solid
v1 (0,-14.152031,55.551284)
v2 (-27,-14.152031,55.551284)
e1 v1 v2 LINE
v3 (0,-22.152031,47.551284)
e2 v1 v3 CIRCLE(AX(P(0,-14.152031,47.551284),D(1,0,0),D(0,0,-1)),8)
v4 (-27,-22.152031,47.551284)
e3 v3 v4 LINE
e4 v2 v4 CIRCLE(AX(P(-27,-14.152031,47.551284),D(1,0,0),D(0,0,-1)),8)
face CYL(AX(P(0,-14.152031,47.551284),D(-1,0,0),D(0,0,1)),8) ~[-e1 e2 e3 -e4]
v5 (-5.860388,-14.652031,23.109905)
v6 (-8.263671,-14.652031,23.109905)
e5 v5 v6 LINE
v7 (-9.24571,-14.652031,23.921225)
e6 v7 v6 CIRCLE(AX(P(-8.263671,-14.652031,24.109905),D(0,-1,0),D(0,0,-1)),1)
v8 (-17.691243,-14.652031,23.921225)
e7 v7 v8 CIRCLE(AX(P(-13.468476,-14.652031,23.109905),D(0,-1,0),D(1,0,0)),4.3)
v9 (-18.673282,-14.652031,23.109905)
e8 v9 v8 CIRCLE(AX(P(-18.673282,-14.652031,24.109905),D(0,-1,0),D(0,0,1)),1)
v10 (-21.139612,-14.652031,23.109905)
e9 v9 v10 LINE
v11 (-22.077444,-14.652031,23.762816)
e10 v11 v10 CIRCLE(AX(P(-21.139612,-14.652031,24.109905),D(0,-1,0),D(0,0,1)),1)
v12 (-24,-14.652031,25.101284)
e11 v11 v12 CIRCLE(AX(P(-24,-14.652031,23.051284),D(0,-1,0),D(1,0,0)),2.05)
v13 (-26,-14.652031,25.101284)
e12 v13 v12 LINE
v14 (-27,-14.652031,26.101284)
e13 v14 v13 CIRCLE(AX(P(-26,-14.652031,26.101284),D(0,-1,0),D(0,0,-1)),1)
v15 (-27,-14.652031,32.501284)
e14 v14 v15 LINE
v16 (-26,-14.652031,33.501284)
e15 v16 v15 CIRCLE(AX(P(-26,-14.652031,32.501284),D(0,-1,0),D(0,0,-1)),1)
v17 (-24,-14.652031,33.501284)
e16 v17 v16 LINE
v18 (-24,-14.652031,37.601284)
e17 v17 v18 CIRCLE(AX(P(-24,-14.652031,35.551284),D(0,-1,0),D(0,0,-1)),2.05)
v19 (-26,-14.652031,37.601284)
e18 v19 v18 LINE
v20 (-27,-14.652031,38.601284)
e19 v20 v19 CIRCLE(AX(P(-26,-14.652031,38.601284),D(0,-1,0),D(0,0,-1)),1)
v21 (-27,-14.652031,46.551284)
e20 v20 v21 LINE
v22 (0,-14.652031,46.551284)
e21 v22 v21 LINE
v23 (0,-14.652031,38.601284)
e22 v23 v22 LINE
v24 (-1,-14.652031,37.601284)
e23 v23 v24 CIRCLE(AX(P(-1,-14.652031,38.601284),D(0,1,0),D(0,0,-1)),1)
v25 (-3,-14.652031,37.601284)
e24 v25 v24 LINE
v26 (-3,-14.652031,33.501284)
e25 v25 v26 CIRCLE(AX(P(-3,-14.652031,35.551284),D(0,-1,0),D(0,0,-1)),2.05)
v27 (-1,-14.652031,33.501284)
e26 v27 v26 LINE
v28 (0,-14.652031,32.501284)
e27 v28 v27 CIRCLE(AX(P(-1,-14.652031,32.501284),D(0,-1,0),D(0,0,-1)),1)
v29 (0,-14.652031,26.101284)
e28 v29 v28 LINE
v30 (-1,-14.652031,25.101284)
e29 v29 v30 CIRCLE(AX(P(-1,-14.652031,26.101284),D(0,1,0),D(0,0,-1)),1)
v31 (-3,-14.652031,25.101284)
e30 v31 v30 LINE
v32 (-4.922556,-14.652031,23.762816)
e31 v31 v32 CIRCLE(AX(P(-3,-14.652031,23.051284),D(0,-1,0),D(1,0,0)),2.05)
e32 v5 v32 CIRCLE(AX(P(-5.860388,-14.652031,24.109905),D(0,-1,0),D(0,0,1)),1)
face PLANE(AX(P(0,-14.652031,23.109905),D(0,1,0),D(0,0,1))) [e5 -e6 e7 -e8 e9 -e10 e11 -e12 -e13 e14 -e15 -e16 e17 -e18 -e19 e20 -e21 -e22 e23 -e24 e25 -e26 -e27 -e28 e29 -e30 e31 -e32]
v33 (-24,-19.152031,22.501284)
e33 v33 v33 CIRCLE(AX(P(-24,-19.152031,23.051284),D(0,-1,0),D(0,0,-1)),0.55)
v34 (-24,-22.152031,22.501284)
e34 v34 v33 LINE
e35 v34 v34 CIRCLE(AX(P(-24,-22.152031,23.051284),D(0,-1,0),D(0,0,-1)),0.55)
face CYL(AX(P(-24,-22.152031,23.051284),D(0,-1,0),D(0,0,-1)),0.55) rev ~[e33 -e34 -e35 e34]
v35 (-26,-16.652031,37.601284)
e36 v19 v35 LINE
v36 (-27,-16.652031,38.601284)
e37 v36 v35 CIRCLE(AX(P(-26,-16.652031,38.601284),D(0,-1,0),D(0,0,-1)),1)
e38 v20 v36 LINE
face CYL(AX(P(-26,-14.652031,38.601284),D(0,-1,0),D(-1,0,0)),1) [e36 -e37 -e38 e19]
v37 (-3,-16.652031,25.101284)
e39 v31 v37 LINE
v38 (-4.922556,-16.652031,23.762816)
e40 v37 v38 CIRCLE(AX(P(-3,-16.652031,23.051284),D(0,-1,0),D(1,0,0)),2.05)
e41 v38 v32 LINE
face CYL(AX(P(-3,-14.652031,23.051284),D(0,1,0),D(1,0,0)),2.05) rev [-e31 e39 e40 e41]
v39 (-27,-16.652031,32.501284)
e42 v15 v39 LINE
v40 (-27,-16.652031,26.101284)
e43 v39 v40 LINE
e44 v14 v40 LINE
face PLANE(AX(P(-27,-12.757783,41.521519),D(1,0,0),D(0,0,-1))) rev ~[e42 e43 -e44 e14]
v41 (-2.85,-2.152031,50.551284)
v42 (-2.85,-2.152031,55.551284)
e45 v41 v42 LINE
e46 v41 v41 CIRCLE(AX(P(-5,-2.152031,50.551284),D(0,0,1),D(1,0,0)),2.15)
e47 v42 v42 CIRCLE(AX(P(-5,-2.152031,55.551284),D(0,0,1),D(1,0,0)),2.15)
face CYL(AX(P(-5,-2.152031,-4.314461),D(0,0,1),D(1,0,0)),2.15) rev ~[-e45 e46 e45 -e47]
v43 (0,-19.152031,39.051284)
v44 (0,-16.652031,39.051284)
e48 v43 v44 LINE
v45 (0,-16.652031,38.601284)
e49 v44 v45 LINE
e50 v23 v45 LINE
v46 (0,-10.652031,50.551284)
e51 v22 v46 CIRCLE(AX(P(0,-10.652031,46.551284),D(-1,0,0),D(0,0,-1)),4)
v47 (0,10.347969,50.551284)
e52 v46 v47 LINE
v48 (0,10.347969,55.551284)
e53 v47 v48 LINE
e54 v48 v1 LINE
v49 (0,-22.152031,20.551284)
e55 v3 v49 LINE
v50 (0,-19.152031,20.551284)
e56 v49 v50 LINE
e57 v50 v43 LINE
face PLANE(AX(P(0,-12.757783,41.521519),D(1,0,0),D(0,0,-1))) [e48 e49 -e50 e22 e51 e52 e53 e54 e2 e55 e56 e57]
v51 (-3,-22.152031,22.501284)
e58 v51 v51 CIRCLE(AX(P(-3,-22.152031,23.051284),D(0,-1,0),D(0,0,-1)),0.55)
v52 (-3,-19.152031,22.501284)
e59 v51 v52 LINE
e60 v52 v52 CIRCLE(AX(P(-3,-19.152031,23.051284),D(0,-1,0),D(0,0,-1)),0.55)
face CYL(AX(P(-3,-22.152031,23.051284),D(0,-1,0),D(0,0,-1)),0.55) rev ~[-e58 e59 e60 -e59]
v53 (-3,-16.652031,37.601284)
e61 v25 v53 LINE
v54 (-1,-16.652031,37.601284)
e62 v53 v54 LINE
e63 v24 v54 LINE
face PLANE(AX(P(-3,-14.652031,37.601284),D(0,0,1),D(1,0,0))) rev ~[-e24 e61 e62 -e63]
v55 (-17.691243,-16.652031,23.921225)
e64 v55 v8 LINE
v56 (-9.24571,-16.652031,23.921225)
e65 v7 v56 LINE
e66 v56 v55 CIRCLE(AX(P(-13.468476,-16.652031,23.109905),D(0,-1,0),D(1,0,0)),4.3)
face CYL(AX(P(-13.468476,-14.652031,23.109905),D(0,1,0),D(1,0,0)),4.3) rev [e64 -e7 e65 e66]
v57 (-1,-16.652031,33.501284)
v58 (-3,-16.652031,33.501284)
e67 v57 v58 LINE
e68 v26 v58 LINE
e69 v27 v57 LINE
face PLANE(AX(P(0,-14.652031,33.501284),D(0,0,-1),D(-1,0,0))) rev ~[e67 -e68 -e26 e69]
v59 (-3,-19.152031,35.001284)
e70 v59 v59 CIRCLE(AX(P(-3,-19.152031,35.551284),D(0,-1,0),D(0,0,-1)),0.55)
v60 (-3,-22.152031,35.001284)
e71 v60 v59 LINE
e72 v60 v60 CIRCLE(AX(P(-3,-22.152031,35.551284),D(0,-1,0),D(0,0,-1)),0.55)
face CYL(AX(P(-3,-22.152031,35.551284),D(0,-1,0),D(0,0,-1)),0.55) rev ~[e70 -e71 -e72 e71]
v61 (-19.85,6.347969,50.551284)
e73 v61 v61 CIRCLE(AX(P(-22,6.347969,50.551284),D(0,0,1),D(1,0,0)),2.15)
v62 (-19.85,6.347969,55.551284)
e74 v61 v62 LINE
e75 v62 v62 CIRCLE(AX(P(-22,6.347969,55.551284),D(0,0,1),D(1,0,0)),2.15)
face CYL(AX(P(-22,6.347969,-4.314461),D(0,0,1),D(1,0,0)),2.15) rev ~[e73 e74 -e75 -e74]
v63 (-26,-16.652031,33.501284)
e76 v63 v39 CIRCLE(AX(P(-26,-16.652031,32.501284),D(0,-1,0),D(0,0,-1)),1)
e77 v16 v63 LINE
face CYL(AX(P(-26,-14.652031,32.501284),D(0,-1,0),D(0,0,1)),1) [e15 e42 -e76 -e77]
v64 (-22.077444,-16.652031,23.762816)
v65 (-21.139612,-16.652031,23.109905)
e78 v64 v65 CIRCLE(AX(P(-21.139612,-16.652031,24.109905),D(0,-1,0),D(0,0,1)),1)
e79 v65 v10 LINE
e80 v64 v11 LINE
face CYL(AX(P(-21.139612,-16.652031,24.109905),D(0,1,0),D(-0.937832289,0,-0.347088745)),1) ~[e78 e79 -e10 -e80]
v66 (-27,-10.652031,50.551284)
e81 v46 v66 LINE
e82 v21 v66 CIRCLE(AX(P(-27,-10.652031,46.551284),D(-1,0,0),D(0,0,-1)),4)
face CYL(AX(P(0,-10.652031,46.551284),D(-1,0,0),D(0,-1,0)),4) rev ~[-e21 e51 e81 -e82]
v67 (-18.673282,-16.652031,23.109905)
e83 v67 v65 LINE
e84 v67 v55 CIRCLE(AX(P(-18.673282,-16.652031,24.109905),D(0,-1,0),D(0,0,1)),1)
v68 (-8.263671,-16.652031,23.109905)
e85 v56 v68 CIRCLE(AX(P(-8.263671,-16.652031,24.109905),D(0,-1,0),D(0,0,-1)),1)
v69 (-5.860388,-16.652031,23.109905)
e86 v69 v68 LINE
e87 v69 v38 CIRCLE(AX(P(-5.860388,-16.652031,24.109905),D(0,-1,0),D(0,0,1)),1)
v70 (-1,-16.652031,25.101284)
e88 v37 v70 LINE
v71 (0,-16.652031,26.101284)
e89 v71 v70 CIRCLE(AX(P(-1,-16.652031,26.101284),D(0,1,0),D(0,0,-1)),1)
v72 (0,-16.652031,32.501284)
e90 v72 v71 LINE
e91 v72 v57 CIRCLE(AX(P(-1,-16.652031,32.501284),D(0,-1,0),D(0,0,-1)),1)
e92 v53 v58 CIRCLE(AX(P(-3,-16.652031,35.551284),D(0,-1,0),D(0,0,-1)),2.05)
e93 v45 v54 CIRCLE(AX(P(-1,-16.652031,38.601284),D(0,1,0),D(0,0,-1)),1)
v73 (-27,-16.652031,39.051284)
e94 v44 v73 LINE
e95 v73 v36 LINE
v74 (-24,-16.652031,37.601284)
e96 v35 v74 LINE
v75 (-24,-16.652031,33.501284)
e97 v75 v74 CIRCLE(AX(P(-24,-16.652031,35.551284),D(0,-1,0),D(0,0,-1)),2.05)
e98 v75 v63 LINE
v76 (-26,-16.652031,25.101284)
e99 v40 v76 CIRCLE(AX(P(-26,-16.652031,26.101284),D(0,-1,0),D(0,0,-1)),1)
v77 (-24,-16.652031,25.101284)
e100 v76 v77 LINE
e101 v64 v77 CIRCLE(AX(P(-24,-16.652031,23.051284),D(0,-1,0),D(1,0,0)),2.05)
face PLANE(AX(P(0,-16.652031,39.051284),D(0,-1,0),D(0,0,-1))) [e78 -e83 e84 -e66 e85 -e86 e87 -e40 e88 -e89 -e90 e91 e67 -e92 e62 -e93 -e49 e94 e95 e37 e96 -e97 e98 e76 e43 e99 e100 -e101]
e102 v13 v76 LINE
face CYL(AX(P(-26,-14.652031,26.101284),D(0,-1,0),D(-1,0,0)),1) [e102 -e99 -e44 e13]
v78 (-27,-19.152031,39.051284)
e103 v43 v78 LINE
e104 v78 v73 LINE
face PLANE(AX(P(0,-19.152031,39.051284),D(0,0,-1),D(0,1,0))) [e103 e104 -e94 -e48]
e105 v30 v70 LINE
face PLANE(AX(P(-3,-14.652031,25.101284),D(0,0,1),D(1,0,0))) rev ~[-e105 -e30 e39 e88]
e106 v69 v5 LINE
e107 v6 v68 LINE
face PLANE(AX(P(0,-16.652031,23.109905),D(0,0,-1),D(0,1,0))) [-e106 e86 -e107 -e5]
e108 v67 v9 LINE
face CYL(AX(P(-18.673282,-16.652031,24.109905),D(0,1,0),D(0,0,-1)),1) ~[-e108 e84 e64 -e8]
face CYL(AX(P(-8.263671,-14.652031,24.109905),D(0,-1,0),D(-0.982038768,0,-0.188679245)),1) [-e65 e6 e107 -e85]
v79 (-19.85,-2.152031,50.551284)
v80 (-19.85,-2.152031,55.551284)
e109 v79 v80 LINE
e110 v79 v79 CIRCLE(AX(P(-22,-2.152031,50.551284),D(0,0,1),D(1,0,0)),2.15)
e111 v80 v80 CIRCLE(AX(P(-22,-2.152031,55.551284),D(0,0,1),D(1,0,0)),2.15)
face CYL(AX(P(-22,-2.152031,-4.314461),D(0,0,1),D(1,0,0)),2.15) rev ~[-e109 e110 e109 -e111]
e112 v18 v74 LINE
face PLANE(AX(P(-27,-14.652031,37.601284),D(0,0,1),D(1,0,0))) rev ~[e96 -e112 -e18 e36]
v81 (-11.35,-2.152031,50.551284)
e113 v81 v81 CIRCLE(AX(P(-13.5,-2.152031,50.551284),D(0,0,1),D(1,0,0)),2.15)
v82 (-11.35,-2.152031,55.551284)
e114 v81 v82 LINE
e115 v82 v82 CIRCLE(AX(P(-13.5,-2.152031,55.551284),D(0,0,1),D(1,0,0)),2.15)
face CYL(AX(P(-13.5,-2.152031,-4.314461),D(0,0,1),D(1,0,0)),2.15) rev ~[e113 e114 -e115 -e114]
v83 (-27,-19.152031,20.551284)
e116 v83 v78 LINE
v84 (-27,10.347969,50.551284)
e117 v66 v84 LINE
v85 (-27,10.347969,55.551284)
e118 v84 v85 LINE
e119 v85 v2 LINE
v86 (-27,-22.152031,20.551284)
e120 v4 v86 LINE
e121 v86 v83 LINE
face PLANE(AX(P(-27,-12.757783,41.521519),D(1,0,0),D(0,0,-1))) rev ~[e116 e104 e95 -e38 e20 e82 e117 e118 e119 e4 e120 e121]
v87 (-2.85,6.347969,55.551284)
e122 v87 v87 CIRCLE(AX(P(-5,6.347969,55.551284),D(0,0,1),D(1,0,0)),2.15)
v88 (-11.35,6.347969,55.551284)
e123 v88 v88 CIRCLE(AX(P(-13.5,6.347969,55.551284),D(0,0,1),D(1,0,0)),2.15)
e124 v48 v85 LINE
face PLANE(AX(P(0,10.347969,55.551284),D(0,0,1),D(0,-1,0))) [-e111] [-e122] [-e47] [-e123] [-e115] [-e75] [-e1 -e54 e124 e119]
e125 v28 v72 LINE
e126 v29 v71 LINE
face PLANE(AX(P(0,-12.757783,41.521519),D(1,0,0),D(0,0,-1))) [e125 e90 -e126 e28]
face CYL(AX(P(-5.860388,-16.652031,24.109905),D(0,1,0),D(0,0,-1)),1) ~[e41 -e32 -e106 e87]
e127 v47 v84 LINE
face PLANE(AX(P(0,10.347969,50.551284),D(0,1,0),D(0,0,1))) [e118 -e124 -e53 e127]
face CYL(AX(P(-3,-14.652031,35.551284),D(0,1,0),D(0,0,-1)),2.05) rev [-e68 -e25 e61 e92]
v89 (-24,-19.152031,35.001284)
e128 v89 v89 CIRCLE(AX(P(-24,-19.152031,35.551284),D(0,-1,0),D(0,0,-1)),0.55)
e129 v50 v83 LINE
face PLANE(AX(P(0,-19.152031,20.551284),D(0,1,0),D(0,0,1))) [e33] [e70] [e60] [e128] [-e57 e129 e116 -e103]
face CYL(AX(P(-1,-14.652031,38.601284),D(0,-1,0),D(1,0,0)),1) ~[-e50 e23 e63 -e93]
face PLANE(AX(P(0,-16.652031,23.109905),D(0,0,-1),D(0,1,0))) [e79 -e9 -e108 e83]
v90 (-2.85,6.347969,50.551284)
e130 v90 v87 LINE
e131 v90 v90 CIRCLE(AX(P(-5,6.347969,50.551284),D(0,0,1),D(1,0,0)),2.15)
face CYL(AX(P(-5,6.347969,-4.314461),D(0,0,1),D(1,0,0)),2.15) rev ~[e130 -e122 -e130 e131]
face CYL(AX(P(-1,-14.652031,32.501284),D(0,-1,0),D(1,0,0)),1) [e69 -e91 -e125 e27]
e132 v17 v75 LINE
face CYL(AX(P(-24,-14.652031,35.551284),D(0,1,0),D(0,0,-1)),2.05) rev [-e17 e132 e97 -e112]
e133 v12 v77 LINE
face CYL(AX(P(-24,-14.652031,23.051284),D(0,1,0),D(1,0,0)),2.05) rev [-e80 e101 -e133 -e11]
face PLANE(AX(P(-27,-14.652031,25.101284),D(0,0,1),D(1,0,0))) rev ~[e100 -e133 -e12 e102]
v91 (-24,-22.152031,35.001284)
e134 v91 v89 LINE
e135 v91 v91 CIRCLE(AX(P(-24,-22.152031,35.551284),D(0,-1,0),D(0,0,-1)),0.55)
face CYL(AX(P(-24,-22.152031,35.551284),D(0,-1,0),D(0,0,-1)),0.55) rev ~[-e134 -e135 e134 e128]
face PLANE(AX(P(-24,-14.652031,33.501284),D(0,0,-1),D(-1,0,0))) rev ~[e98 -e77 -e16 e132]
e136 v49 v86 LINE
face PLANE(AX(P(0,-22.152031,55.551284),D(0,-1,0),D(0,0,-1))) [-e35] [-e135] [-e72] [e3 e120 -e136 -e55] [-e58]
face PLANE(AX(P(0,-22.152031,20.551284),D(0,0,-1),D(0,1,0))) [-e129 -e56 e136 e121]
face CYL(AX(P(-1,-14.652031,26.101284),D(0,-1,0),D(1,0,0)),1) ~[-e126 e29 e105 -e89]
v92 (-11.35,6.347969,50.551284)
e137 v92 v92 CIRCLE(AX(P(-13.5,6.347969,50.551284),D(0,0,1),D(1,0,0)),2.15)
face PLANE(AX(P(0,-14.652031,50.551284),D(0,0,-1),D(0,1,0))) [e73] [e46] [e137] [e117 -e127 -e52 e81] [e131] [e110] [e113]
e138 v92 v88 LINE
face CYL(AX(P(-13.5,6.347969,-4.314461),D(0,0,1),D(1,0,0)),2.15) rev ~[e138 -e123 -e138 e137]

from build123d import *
from OCP.BRepFilletAPI import BRepFilletAPI_MakeFillet

# Parameters (mm, degrees)
DODANIE_WYCI_GNI_CIE1_DEPTH = 27
WYTNIJ_WYCI_GNI_CIE1_REACH  = 71.794
SZKIC2_R                    = 0.55
WYTNIJ_WYCI_GNI_CIE2_START  = -7.5
SZKIC2_3_R                  = 4.3
SZKIC2_3_R_2                = 2.05
WYTNIJ_WYCI_GNI_CIE2_DEPTH  = 2
WYTNIJ_WYCI_GNI_CIE3_REACH  = 68.633
ZAOKR_GLENIE1_R             = 1
ZAOKR_GLENIE2_R1            = 8
ZAOKR_GLENIE2_R2            = 4
OTW_R_POD_RUB_M41_D         = 4.3


with BuildPart() as part:
    # Szkic1 → Dodanie-wyciągnięcie1 (new body)
    with BuildSketch(Plane(origin=(0, 0, 0), x_dir=(0, 0, -1), z_dir=(1, 0, 0))):
        Polygon((-20.551283841, -19.152030835), (-39.051283841, -19.152030835), (-39.051283841, -16.652030835), (-23.109904513, -16.652030835), (-23.109904513, -14.652030835), (-50.551283841, -14.652030835), (-50.551283841, 10.347969165), (-55.551283841, 10.347969165), (-55.551283841, -22.152030835), (-20.551283841, -22.152030835), align=None)
    extrude(amount=-DODANIE_WYCI_GNI_CIE1_DEPTH)

    # Szkic2 → Wytnij-wyciągnięcie1 (cut, up to next)
    with BuildSketch(Plane.XZ.offset(22.152030835), mode=Mode.PRIVATE) as wytnij_wyci_gni_cie1_sk1:
        with Locations(Location((-3, 23.051283841, 0), (0, 0, 270))):
            Circle(SZKIC2_R)
    wytnij_wyci_gni_cie1_tool1 = extrude(wytnij_wyci_gni_cie1_sk1.sketch, amount=-WYTNIJ_WYCI_GNI_CIE1_REACH, mode=Mode.PRIVATE) & part.part
    # Szkic2 → Wytnij-wyciągnięcie1 (cut, up to next)
    with BuildSketch(Plane.XZ.offset(22.152030835), mode=Mode.PRIVATE) as wytnij_wyci_gni_cie1_sk2:
        with Locations(Location((-3, 35.551283841, 0), (0, 0, 270))):
            Circle(SZKIC2_R)
    wytnij_wyci_gni_cie1_tool2 = extrude(wytnij_wyci_gni_cie1_sk2.sketch, amount=-WYTNIJ_WYCI_GNI_CIE1_REACH, mode=Mode.PRIVATE) & part.part
    # Szkic2 → Wytnij-wyciągnięcie1 (cut, up to next)
    with BuildSketch(Plane.XZ.offset(22.152030835), mode=Mode.PRIVATE) as wytnij_wyci_gni_cie1_sk3:
        with Locations(Location((-24, 35.551283841, 0), (0, 0, 270))):
            Circle(SZKIC2_R)
    wytnij_wyci_gni_cie1_tool3 = extrude(wytnij_wyci_gni_cie1_sk3.sketch, amount=-WYTNIJ_WYCI_GNI_CIE1_REACH, mode=Mode.PRIVATE) & part.part
    # Szkic2 → Wytnij-wyciągnięcie1 (cut, up to next)
    with BuildSketch(Plane.XZ.offset(22.152030835), mode=Mode.PRIVATE) as wytnij_wyci_gni_cie1_sk4:
        with Locations(Location((-24, 23.051283841, 0), (0, 0, 270))):
            Circle(SZKIC2_R)
    wytnij_wyci_gni_cie1_tool4 = extrude(wytnij_wyci_gni_cie1_sk4.sketch, amount=-WYTNIJ_WYCI_GNI_CIE1_REACH, mode=Mode.PRIVATE) & part.part
    add(wytnij_wyci_gni_cie1_tool1.solids().sort_by_distance((-3, -22.152031, 23.051284))[0], mode=Mode.SUBTRACT)
    add(wytnij_wyci_gni_cie1_tool2.solids().sort_by_distance((-3, -22.152031, 35.551284))[0], mode=Mode.SUBTRACT)
    add(wytnij_wyci_gni_cie1_tool3.solids().sort_by_distance((-24, -22.152031, 35.551284))[0], mode=Mode.SUBTRACT)
    add(wytnij_wyci_gni_cie1_tool4.solids().sort_by_distance((-24, -22.152031, 23.051284))[0], mode=Mode.SUBTRACT)

    # Szkic2<3> → Wytnij-wyciągnięcie2 (cut)
    with BuildSketch(Plane.XZ.offset(22.152030835).offset(WYTNIJ_WYCI_GNI_CIE2_START)):
        with Locations((-13.468476265, 23.109904513)):
            Circle(SZKIC2_3_R)
        with Locations((-3, 23.051283841)):
            Circle(SZKIC2_3_R_2)
        with Locations((-24, 23.051283841)):
            Circle(SZKIC2_3_R_2)
        with Locations(Location((-24, 35.551283841, 0), (0, 0, 270))):
            Circle(SZKIC2_3_R_2)
        with Locations(Location((-3, 35.551283841, 0), (0, 0, 270))):
            Circle(SZKIC2_3_R_2)
    extrude(amount=WYTNIJ_WYCI_GNI_CIE2_DEPTH, mode=Mode.SUBTRACT)

    # Szkic3 → Wytnij-wyciągnięcie3 (cut, up to next)
    with BuildSketch(Plane(origin=(0, -14.652030835, 0), x_dir=(1, 0, 0), z_dir=(0, 1, 0)), mode=Mode.PRIVATE) as wytnij_wyci_gni_cie3_sk1:
        with BuildLine():
            ThreePointArc((-24, -37.601283841), (-26.05, -35.551283841), (-24, -33.501283841))
            Line((-24, -33.501283841), (-27, -33.501283841))
            Line((-27, -33.501283841), (-27, -37.601283841))
            Line((-27, -37.601283841), (-24, -37.601283841))
        make_face()
    wytnij_wyci_gni_cie3_tool1 = extrude(wytnij_wyci_gni_cie3_sk1.sketch, amount=-WYTNIJ_WYCI_GNI_CIE3_REACH, mode=Mode.PRIVATE) & part.part
    # Szkic3 → Wytnij-wyciągnięcie3 (cut, up to next)
    with BuildSketch(Plane(origin=(0, -14.652030835, 0), x_dir=(1, 0, 0), z_dir=(0, 1, 0)), mode=Mode.PRIVATE) as wytnij_wyci_gni_cie3_sk2:
        with BuildLine():
            Line((-27, -23.109904513), (-27, -25.101283841))
            Line((-27, -25.101283841), (-24, -25.101283841))
            ThreePointArc((-24, -25.101283841), (-25.428693043, -24.521432197), (-26.049161686, -23.109904513))
            Line((-26.049161686, -23.109904513), (-27, -23.109904513))
        make_face()
    wytnij_wyci_gni_cie3_tool2 = extrude(wytnij_wyci_gni_cie3_sk2.sketch, amount=-WYTNIJ_WYCI_GNI_CIE3_REACH, mode=Mode.PRIVATE) & part.part
    # Szkic3 → Wytnij-wyciągnięcie3 (cut, up to next)
    with BuildSketch(Plane(origin=(0, -14.652030835, 0), x_dir=(1, 0, 0), z_dir=(0, 1, 0)), mode=Mode.PRIVATE) as wytnij_wyci_gni_cie3_sk3:
        with BuildLine():
            Line((-3, -25.101283841), (0, -25.101283841))
            Line((0, -25.101283841), (0, -23.109904513))
            Line((0, -23.109904513), (-0.950838314, -23.109904513))
            ThreePointArc((-0.950838314, -23.109904513), (-1.571306957, -24.521432197), (-3, -25.101283841))
        make_face()
    wytnij_wyci_gni_cie3_tool3 = extrude(wytnij_wyci_gni_cie3_sk3.sketch, amount=-WYTNIJ_WYCI_GNI_CIE3_REACH, mode=Mode.PRIVATE) & part.part
    # Szkic3 → Wytnij-wyciągnięcie3 (cut, up to next)
    with BuildSketch(Plane(origin=(0, -14.652030835, 0), x_dir=(1, 0, 0), z_dir=(0, 1, 0)), mode=Mode.PRIVATE) as wytnij_wyci_gni_cie3_sk4:
        with BuildLine():
            Line((0, -33.501283841), (-3, -33.501283841))
            ThreePointArc((-3, -33.501283841), (-1.550431099, -34.101714939), (-0.95, -35.551283841))
            ThreePointArc((-0.95, -35.551283841), (-1.550431099, -37.000852742), (-3, -37.601283841))
            Line((-3, -37.601283841), (0, -37.601283841))
            Line((0, -37.601283841), (0, -33.501283841))
        make_face()
    wytnij_wyci_gni_cie3_tool4 = extrude(wytnij_wyci_gni_cie3_sk4.sketch, amount=-WYTNIJ_WYCI_GNI_CIE3_REACH, mode=Mode.PRIVATE) & part.part
    add(wytnij_wyci_gni_cie3_tool1.solids().sort_by_distance((-26.229723, -14.652031, 35.551284))[0], mode=Mode.SUBTRACT)
    add(wytnij_wyci_gni_cie3_tool2.solids().sort_by_distance((-26.223837, -14.652031, 24.279211))[0], mode=Mode.SUBTRACT)
    add(wytnij_wyci_gni_cie3_tool3.solids().sort_by_distance((-0.776163, -14.652031, 24.279211))[0], mode=Mode.SUBTRACT)
    add(wytnij_wyci_gni_cie3_tool4.solids().sort_by_distance((-0.770277, -14.652031, 35.551284))[0], mode=Mode.SUBTRACT)

    # Zaokrąglenie1
    zaokr_glenie1_edges = [part.edges().sort_by_distance(p)[0] for p in [
        (-27, -15.652030835, 25.101283841),
        (-27, -15.652030835, 33.501283841),
        (-27, -15.652030835, 37.601283841),
        (-5.049161686, -15.652030835, 23.109904513),
        (-21.950838314, -15.652030835, 23.109904513),
        (-9.168476265, -15.652030835, 23.109904513),
        (-17.768476265, -15.652030835, 23.109904513),
        (0, -15.652030835, 33.501283841),
        (0, -15.652030835, 37.601283841),
        (0, -15.652030835, 25.101283841),
    ]]
    fillet(zaokr_glenie1_edges, radius=ZAOKR_GLENIE1_R)

    # Zaokrąglenie2: one fillet with a radius per group of edges: ONE call of the kernel's fillet builder (fillet() takes one radius for all edges)
    zaokr_glenie2_edges_1 = [part.edges().sort_by_distance(p)[0] for p in [
        (-13.5, -22.152030835, 55.551283841),
    ]]
    zaokr_glenie2_edges_2 = [part.edges().sort_by_distance(p)[0] for p in [
        (-13.5, -14.652030835, 50.551283841),
    ]]
    zaokr_glenie2 = BRepFilletAPI_MakeFillet(part.part.solid().wrapped)
    for e in zaokr_glenie2_edges_1:
        zaokr_glenie2.Add(ZAOKR_GLENIE2_R1, e.wrapped)
    for e in zaokr_glenie2_edges_2:
        zaokr_glenie2.Add(ZAOKR_GLENIE2_R2, e.wrapped)
    add(Compound.cast(zaokr_glenie2.Shape()), mode=Mode.REPLACE)

    # Otwór pod śrubę M41 (through all)
    with Locations(Plane(origin=(0, 0, 50.551283841), x_dir=(-1, 0, 0), z_dir=(0, 0, -1))):
        with Locations((22, -2.152030835), (13.5, -2.152030835), (5, -2.152030835), (5, 6.347969165), (13.5, 6.347969165), (22, 6.347969165)):
            Hole(OTW_R_POD_RUB_M41_D / 2)


solid = part.part
